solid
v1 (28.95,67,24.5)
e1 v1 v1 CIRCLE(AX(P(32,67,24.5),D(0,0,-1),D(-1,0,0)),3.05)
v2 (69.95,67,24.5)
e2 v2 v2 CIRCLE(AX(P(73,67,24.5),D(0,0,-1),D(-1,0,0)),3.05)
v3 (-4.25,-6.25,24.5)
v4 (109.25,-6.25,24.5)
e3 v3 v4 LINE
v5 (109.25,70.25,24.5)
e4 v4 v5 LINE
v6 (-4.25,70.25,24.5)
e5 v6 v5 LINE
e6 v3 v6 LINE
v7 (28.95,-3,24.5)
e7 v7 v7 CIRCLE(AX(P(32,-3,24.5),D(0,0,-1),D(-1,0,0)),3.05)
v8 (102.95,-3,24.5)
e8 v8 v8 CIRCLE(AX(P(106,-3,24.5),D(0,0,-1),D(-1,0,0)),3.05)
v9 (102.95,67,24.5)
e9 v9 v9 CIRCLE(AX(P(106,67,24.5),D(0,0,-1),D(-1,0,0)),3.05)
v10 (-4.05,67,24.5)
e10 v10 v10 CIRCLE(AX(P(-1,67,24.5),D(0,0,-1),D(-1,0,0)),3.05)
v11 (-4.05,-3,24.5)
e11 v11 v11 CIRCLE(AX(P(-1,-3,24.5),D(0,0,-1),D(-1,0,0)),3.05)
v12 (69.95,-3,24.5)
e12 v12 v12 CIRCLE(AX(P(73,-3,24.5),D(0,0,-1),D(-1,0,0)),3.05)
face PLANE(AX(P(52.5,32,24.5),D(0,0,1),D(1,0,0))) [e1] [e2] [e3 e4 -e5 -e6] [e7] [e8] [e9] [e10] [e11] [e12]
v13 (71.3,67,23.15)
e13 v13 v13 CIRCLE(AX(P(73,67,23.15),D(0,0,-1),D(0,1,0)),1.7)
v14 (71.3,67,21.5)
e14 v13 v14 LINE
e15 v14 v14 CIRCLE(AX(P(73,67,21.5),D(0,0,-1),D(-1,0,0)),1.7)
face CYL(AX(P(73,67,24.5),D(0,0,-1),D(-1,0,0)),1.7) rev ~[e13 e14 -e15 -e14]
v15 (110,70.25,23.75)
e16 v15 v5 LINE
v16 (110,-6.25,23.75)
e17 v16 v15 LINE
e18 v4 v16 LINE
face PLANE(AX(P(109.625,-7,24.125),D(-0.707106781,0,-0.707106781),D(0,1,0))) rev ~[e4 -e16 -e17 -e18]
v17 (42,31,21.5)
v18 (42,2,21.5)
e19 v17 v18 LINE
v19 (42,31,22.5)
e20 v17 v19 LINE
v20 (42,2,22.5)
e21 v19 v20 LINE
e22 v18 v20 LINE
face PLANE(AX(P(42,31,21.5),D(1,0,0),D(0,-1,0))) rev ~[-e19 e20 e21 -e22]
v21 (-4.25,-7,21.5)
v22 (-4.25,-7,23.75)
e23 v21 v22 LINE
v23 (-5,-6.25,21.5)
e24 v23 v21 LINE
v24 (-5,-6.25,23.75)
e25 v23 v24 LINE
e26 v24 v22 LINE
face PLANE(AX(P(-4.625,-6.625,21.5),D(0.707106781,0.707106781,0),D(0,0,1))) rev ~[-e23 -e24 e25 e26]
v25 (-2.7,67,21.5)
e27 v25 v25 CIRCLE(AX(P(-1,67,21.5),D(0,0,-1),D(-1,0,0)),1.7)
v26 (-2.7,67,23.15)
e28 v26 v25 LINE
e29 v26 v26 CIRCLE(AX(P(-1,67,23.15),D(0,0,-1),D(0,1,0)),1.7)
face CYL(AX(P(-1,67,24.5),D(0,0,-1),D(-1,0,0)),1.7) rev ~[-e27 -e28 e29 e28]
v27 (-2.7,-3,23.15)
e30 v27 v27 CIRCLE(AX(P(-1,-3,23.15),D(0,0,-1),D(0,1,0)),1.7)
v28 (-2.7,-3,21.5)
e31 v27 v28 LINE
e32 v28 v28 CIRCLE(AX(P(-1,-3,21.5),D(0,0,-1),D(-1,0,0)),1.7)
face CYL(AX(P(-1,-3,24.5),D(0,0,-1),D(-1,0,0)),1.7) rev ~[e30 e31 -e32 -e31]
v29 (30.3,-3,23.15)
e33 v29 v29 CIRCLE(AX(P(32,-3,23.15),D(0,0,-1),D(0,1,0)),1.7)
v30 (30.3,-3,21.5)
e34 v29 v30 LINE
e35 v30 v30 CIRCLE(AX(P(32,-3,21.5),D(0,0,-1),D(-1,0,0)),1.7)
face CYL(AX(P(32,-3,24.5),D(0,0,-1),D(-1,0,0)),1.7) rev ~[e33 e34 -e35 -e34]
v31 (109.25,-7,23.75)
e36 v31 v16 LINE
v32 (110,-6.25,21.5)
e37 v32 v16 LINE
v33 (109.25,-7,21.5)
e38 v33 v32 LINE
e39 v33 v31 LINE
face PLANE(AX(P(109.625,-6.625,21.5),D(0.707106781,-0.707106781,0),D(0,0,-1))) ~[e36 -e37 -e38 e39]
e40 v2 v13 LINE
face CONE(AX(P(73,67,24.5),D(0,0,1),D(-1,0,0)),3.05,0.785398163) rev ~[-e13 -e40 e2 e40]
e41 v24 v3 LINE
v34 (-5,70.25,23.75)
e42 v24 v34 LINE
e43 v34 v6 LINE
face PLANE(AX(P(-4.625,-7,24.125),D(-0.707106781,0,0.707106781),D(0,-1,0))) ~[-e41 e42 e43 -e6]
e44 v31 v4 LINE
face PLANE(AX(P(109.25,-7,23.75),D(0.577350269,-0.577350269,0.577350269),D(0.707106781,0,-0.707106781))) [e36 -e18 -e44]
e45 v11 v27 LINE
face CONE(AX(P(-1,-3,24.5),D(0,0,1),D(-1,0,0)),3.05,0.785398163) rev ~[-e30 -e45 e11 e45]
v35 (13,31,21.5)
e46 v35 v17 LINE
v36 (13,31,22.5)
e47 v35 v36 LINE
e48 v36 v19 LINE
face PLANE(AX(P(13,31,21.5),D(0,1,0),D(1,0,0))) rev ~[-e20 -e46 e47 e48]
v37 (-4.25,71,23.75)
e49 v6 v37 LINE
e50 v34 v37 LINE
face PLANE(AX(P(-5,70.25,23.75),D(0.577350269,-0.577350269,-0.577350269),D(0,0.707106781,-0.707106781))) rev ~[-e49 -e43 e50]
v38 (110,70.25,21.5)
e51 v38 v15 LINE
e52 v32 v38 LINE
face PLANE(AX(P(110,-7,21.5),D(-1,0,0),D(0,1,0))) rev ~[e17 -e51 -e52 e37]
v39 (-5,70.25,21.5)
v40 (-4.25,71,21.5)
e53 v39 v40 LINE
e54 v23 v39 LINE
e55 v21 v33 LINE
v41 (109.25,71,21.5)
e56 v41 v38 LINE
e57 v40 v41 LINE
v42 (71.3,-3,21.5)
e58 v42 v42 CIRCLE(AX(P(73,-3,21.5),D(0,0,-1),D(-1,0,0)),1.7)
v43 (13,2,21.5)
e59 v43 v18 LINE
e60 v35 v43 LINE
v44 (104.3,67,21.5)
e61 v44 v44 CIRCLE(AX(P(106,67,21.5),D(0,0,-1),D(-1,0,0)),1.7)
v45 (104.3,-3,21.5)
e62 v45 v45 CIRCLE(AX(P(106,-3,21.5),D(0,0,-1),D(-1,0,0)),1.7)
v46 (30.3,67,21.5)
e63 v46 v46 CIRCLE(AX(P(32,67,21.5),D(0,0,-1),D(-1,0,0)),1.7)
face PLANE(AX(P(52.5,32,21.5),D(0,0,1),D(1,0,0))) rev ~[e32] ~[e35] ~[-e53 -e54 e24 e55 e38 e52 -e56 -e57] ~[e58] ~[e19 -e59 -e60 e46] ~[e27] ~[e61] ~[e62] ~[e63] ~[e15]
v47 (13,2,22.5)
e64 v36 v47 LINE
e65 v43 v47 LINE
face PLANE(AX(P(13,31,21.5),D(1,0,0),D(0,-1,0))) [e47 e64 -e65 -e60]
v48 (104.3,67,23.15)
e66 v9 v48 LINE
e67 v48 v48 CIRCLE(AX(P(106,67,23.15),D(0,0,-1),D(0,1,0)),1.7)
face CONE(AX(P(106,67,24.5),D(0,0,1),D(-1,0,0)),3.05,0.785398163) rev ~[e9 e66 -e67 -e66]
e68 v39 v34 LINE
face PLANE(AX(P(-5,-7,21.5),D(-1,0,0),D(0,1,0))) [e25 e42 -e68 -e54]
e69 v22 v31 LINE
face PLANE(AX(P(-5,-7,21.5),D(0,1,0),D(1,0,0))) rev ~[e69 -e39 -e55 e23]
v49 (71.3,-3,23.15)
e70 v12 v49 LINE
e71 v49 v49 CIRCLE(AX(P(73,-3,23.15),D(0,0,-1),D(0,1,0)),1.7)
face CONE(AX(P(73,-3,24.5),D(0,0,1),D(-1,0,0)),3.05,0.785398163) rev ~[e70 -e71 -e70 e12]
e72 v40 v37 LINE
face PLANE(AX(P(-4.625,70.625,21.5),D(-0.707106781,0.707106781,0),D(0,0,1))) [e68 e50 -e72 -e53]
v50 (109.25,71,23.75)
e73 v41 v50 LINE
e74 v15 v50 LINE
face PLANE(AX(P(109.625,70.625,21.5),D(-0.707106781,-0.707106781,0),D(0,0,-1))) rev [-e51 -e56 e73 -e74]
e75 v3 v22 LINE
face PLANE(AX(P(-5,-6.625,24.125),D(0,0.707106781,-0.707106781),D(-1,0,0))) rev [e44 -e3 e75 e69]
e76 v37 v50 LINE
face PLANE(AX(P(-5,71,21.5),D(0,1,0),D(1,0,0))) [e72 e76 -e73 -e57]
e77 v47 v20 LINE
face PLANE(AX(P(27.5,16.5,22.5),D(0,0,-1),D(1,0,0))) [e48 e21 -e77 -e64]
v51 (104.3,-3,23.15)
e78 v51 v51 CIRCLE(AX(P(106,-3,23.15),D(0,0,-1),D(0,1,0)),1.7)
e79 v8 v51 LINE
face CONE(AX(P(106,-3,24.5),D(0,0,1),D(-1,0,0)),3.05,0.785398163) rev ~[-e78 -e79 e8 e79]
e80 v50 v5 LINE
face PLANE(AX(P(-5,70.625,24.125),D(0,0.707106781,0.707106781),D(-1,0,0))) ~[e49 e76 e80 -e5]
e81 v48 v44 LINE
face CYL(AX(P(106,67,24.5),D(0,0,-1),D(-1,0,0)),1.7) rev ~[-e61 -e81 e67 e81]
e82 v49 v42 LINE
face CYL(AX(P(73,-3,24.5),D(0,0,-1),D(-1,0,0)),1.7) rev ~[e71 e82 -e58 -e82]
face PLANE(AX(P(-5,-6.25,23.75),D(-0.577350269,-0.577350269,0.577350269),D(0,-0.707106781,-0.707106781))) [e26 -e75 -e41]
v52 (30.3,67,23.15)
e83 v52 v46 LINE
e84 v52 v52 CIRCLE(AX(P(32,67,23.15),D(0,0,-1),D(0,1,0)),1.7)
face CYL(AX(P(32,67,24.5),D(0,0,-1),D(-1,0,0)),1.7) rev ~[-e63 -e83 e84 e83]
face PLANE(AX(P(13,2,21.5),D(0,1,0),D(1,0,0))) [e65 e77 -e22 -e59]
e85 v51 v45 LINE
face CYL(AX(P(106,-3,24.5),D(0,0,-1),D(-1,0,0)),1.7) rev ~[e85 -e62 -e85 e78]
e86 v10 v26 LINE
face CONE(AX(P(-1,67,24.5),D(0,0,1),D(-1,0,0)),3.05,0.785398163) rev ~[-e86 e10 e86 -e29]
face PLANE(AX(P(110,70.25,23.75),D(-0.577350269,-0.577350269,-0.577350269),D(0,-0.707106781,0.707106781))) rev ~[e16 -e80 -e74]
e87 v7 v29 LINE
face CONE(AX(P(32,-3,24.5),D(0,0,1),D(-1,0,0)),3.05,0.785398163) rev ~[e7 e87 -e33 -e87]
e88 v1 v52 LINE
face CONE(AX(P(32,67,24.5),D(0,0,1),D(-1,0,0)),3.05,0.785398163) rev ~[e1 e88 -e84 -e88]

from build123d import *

# Parameters (mm, degrees)
SKETCH022_W         = 115
SKETCH022_H         = 78
PAD010_DEPTH        = 3
HOLE002_D           = 3.4
HOLE002_DEPTH       = 5
HOLE002_CSINK_D     = 6.1
HOLE002_CSINK_ANGLE = 90
SKETCH027_W         = 29
SKETCH027_H         = 29
POCKET009_DEPTH     = 1
CHAMFER001_SIZE     = 0.75


with BuildPart() as part:
    # Sketch022 (on Face1 of CopyPad011) → Pad010 (new body)
    with BuildSketch(Plane.XY.offset(24)):
        with Locations((52.5, 32)):
            Rectangle(SKETCH022_W, SKETCH022_H)
    extrude(amount=PAD010_DEPTH)

    # Hole002
    with Locations(Plane.XY.offset(27)):
        with Locations((-1, 67), (106, 67), (106, -3), (-1, -3), (32, 67), (73, -3), (32, -3), (73, 67)):
            CounterSinkHole(HOLE002_D / 2, HOLE002_CSINK_D / 2, depth=HOLE002_DEPTH, counter_sink_angle=HOLE002_CSINK_ANGLE)

    # Sketch027 → Pocket009 (cut)
    with BuildSketch(Plane(origin=(0, 0, 24), x_dir=(1, 0, 0), z_dir=(0, 0, -1))):
        with Locations((27.5, -16.5)):
            Rectangle(SKETCH027_W, SKETCH027_H)
    extrude(amount=-POCKET009_DEPTH, mode=Mode.SUBTRACT)

    # Chamfer001
    chamfer001_edges = [part.edges().sort_by_distance(p)[0] for p in [
        (52.5, 71, 27),
        (110, 71, 25.5),
        (110, 32, 27),
        (52.5, -7, 27),
        (110, -7, 25.5),
        (-5, 32, 27),
        (-5, 71, 25.5),
        (-5, -7, 25.5),
    ]]
    chamfer(chamfer001_edges, length=CHAMFER001_SIZE)


with BuildPart() as part_1:
    # Body002 placement: moved
    add(part.part.moved(Location((0, 0, -2.5))))


solid = part_1.part
